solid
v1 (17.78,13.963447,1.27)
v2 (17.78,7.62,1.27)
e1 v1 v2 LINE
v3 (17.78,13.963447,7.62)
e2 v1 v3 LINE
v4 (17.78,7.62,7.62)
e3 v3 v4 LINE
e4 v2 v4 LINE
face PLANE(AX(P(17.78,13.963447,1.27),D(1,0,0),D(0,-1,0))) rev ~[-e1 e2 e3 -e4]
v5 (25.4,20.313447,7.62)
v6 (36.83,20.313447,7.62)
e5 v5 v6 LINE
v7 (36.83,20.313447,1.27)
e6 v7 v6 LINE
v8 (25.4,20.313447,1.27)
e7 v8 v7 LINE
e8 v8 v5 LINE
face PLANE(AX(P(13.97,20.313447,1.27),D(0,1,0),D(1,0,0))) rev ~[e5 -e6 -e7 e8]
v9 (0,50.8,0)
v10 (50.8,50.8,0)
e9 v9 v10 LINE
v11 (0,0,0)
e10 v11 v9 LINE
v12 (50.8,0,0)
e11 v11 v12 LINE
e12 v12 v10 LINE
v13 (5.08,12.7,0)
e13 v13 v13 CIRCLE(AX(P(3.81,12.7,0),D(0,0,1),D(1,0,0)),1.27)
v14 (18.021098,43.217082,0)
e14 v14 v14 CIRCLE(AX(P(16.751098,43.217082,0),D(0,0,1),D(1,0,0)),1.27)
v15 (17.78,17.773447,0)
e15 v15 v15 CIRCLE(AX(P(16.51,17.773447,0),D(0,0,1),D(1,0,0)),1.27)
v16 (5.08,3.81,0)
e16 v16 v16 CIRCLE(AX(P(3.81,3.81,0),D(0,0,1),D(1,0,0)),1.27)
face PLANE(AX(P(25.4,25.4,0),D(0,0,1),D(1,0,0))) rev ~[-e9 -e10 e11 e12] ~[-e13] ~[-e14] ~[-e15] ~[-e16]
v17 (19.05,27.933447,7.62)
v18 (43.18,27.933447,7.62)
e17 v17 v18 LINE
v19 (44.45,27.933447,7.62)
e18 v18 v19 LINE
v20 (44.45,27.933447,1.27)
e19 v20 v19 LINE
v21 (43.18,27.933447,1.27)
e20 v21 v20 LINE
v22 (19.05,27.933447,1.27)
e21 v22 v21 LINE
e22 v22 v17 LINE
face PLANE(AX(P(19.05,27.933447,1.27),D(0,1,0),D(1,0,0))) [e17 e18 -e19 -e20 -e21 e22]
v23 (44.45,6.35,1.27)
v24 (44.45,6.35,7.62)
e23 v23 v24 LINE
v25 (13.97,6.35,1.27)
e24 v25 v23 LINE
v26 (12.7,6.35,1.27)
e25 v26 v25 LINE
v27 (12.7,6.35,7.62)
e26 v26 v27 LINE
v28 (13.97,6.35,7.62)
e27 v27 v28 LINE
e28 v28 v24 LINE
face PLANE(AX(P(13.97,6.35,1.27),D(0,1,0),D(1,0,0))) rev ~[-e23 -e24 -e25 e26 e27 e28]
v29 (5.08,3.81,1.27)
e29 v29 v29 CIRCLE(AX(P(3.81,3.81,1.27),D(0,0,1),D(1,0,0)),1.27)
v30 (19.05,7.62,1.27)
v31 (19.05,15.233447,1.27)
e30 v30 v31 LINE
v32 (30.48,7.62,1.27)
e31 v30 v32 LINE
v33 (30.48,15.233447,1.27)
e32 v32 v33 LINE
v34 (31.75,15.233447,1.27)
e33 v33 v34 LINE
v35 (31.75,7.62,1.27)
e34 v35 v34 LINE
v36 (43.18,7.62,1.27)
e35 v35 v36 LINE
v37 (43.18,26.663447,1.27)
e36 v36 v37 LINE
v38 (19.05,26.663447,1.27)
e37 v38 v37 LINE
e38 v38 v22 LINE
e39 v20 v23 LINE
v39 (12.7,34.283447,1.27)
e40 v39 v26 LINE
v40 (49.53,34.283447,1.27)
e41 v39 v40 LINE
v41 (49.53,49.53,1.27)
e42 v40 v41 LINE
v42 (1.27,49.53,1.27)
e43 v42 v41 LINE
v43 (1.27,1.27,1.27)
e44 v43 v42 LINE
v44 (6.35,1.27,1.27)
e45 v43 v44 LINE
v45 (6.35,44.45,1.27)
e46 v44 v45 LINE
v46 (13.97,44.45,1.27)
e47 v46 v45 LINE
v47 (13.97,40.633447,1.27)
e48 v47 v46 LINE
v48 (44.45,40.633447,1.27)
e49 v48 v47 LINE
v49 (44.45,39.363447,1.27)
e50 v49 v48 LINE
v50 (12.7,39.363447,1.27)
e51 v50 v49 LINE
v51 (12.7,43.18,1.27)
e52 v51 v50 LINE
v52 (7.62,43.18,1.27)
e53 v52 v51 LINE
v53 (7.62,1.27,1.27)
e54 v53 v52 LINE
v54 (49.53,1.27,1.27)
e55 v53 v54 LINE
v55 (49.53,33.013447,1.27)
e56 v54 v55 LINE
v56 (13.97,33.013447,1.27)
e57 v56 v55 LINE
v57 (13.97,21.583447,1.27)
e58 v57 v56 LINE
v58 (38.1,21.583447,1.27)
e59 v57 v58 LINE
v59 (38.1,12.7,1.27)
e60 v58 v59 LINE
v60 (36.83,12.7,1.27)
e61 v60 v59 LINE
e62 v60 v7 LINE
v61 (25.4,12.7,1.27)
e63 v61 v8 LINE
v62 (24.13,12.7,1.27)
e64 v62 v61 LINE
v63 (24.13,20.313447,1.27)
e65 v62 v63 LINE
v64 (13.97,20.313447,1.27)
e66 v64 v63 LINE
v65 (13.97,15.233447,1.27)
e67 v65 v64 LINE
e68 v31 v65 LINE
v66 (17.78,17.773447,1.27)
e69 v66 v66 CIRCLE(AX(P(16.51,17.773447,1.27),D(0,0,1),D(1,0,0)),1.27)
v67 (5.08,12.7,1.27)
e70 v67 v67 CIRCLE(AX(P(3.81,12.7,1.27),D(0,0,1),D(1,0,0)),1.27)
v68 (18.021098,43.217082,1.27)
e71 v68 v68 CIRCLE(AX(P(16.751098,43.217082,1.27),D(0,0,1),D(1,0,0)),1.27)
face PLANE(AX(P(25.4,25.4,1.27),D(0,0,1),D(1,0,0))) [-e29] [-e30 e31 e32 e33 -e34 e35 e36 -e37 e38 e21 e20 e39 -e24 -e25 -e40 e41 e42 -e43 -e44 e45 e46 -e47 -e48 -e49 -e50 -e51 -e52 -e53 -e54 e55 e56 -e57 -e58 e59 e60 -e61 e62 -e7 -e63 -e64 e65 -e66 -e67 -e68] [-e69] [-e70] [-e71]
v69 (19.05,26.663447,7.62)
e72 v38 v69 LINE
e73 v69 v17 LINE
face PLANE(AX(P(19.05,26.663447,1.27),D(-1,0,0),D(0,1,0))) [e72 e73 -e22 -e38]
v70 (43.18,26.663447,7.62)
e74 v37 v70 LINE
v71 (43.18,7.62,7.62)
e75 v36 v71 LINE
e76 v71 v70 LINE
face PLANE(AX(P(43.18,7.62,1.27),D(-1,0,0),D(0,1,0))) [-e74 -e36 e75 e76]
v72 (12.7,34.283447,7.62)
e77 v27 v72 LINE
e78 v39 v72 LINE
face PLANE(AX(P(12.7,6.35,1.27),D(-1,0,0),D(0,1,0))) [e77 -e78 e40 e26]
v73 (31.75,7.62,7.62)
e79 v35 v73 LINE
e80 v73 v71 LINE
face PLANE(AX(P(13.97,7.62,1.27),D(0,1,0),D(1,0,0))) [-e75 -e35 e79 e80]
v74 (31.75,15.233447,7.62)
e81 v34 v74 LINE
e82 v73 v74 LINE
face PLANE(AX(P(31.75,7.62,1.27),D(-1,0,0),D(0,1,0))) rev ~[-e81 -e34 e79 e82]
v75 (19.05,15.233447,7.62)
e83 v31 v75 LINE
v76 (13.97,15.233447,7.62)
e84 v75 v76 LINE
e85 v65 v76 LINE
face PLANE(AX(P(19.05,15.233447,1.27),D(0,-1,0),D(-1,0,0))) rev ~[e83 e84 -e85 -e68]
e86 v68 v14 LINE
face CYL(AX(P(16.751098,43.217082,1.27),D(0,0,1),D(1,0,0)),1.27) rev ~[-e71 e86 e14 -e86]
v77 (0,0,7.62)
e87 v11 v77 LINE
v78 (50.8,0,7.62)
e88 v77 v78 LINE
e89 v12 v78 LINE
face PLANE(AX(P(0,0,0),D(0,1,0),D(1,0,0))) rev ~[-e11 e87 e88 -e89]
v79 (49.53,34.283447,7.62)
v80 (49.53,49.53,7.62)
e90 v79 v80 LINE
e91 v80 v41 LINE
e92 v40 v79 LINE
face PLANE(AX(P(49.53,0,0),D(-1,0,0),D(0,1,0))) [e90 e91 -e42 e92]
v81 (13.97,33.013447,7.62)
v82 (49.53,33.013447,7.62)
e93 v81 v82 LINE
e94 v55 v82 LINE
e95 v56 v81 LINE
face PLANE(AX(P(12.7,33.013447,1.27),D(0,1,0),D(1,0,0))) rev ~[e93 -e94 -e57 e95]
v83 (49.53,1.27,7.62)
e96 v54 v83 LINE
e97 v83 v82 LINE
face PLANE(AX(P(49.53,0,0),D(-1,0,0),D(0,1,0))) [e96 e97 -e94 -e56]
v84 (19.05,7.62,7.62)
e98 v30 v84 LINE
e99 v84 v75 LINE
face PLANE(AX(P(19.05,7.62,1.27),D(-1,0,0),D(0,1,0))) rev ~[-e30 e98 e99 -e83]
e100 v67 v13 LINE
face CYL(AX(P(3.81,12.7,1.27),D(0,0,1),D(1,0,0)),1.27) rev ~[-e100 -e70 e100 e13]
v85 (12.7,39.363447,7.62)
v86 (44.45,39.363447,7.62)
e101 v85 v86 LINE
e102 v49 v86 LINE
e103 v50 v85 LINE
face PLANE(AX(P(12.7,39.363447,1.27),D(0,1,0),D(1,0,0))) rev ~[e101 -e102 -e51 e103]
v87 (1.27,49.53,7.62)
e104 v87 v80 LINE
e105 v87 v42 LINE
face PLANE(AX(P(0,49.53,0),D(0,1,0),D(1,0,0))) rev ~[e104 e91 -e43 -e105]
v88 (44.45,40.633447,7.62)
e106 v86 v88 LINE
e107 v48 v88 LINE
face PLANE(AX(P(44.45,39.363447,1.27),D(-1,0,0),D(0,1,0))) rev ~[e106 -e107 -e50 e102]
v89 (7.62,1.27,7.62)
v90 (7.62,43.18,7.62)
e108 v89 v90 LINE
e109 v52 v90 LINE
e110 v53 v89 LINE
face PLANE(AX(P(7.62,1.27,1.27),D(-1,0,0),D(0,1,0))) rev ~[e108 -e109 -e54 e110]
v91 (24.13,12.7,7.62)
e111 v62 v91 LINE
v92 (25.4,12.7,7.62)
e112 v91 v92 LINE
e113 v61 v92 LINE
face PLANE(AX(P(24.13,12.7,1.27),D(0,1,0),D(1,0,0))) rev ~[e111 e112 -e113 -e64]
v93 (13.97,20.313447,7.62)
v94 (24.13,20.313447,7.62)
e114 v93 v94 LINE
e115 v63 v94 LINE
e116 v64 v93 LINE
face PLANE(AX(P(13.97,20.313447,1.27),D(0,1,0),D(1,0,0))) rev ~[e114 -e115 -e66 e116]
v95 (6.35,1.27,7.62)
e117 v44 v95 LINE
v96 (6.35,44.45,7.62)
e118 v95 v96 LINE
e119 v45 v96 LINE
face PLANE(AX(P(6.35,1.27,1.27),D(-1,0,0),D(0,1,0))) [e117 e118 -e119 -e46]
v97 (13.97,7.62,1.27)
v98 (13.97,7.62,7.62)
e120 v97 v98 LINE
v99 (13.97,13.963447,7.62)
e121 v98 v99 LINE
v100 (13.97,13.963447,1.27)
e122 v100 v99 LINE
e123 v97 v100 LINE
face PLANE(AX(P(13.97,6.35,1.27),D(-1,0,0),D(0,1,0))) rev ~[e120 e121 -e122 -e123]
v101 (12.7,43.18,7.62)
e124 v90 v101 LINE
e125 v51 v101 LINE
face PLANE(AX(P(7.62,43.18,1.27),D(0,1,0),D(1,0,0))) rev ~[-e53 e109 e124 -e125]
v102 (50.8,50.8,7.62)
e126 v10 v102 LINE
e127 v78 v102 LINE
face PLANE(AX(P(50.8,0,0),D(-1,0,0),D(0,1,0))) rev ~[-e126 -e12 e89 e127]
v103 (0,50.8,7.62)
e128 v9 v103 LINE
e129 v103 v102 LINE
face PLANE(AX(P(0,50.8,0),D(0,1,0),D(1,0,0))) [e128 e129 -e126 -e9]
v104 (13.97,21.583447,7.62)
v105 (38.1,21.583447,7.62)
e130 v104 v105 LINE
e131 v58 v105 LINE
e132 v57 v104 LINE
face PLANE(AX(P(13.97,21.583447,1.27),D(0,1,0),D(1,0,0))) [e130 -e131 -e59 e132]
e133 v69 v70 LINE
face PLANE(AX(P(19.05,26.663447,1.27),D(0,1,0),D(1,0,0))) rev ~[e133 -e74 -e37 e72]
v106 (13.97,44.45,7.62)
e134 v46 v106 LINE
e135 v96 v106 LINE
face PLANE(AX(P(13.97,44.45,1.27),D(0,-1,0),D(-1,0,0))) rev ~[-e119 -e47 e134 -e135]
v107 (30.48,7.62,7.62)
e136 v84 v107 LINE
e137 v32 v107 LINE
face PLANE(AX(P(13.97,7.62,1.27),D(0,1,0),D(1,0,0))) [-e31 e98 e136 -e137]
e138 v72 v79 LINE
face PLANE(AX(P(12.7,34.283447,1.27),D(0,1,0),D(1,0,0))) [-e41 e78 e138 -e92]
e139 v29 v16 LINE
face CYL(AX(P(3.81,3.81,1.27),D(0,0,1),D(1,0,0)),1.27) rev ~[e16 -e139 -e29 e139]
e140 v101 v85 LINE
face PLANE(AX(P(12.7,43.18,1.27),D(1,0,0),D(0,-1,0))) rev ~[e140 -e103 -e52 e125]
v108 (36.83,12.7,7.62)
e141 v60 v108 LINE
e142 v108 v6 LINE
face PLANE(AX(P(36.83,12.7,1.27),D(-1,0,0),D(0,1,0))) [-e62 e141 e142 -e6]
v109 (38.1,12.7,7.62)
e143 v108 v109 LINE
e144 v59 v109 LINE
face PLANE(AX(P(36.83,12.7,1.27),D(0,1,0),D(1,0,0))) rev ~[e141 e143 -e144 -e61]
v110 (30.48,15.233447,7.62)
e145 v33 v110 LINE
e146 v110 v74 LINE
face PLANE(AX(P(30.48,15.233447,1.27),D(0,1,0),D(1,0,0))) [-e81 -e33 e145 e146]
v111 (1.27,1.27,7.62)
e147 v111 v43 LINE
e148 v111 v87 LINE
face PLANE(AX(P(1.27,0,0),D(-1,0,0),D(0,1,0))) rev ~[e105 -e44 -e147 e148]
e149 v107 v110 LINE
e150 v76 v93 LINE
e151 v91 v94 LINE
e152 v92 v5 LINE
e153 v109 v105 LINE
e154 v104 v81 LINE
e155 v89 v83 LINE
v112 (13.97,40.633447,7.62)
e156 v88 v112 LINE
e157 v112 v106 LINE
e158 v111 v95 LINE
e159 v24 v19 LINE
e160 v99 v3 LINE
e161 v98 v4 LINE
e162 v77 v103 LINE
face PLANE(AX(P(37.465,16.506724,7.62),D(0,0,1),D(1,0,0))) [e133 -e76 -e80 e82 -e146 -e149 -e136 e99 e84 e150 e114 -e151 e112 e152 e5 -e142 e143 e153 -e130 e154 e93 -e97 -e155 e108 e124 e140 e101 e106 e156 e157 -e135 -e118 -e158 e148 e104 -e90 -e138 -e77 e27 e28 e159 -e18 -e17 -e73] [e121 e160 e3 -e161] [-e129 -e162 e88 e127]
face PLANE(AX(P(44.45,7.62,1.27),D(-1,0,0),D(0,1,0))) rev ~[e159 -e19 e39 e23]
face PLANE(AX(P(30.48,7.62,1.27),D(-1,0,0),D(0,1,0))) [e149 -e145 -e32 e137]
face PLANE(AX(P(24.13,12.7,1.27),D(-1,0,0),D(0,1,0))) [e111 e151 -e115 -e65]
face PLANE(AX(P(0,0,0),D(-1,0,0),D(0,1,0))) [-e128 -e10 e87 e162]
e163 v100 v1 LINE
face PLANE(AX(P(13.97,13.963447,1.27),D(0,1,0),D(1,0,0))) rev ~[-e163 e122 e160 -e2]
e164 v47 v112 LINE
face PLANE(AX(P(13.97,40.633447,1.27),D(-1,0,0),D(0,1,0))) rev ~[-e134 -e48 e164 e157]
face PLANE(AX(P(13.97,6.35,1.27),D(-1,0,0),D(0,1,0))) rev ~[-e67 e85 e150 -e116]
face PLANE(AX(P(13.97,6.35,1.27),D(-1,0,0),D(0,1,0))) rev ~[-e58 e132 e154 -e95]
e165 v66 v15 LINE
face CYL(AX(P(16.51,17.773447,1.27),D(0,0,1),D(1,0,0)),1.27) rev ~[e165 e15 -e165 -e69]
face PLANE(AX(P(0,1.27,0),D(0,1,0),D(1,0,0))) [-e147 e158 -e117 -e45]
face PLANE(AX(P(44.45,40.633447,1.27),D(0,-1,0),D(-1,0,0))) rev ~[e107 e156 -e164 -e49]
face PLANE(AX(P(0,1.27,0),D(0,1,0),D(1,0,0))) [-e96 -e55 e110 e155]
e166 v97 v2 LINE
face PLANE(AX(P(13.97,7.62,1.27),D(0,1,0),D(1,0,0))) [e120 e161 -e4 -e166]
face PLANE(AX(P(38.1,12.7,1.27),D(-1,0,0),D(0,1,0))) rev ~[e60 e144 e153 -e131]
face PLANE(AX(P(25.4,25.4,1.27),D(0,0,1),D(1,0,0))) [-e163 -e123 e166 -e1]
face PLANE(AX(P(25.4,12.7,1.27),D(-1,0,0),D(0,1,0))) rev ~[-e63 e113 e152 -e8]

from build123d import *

# Parameters (mm, degrees)
F0_W      = 50.8
F0_H      = 50.8
F1_DEPTH  = 7.62
F2_T      = -1.27
F3_W      = 1.27
F3_H      = 43.18
F4_DEPTH  = 6.35
F5_R      = 1.27
F6_DEPTH  = 25.4
F8_DEPTH  = 6.35
F9_W      = 36.83
F9_H      = 1.27
F10_DEPTH = 6.35
F11_W     = 1.27
F11_H     = 26.6634474313
F12_DEPTH = 6.35
F13_W     = 30.48
F13_H     = 1.27
F14_DEPTH = 6.35
F15_W     = 1.27
F15_H     = 20.3134474313
F16_DEPTH = 6.35
F17_W     = 24.13
F17_H     = 1.27
F18_DEPTH = 6.35
F19_W     = 24.13
F19_H     = 1.27
F20_DEPTH = 6.35
F21_W     = 1.27
F21_H     = 7.6134474313
F22_DEPTH = 6.35
F23_W     = 1.27
F23_H     = 7.6134474313
F24_DEPTH = 6.35
F25_W     = 1.27
F25_H     = 7.6134474313
F26_DEPTH = 6.35
F27_W     = 3.81
F27_H     = 1.27
F28_DEPTH = 6.35
F29_R     = 1.27
F30_DEPTH = 25.4
F31_R     = 1.27
F32_DEPTH = 25.4
F33_R     = 1.27
F34_DEPTH = 25.4


with BuildPart() as f1:
    # F0 (on Top) → F1 (new body)
    with BuildSketch(Plane.XY):
        with Locations((25.4, 25.4)):
            Rectangle(F0_W, F0_H)
    extrude(amount=F1_DEPTH)

    # F2
    f2_openings = [f1.faces().sort_by_distance(p)[0] for p in [
        (25.4, 25.4, 7.62),
    ]]
    offset(amount=F2_T, openings=f2_openings)

    # F3 (on face) → F4 (join)
    with BuildSketch(Plane.XY.offset(1.27)):
        with Locations((6.985, 22.86)):
            Rectangle(F3_W, F3_H)
    extrude(amount=F4_DEPTH)

    # F5 (on face) → F6 (cut)
    with BuildSketch(Plane.XY.offset(1.27)):
        with Locations((3.81, 3.81)):
            Circle(F5_R)
    extrude(amount=-F6_DEPTH, mode=Mode.SUBTRACT)

    # F7 (on face) → F8 (join)
    with BuildSketch(Plane.XY.offset(1.27)):
        Polygon((13.97, 44.45), (7.62, 44.45), (7.62, 43.18), (12.7, 43.18), (12.7, 39.3634474313), (44.45, 39.3634474313), (44.45, 40.6334474313), (13.97, 40.6334474313), align=None)
    extrude(amount=F8_DEPTH)

    # F9 (on face) → F10 (join)
    with BuildSketch(Plane.XY.offset(1.27)):
        with Locations((31.115, 33.6484474313)):
            Rectangle(F9_W, F9_H)
    extrude(amount=F10_DEPTH)

    # F11 (on face) → F12 (join)
    with BuildSketch(Plane.XY.offset(1.27)):
        with Locations((13.335, 19.6817237157)):
            Rectangle(F11_W, F11_H)
    extrude(amount=F12_DEPTH)

    # F13 (on face) → F14 (join)
    with BuildSketch(Plane.XY.offset(1.27)):
        with Locations((29.21, 6.985)):
            Rectangle(F13_W, F13_H)
    extrude(amount=F14_DEPTH)

    # F15 (on face) → F16 (join)
    with BuildSketch(Plane.XY.offset(1.27)):
        with Locations((43.815, 17.7767237157)):
            Rectangle(F15_W, F15_H)
    extrude(amount=F16_DEPTH)

    # F17 (on face) → F18 (join)
    with BuildSketch(Plane.XY.offset(1.27)):
        with Locations((31.115, 27.2984474313)):
            Rectangle(F17_W, F17_H)
    extrude(amount=F18_DEPTH)

    # F19 (on face) → F20 (join)
    with BuildSketch(Plane.XY.offset(1.27)):
        with Locations((26.035, 20.9484474313)):
            Rectangle(F19_W, F19_H)
    extrude(amount=F20_DEPTH)

    # F21 (on face) → F22 (join)
    with BuildSketch(Plane.XY.offset(1.27)):
        with Locations((37.465, 16.5067237157)):
            Rectangle(F21_W, F21_H)
    extrude(amount=F22_DEPTH)

    # F23 (on face) → F24 (join)
    with BuildSketch(Plane.XY.offset(1.27)):
        with Locations((31.115, 11.4267237157)):
            Rectangle(F23_W, F23_H)
    extrude(amount=F24_DEPTH)

    # F25 (on face) → F26 (join)
    with BuildSketch(Plane.XY.offset(1.27)):
        with Locations((24.765, 16.5067237157)):
            Rectangle(F25_W, F25_H)
    extrude(amount=F26_DEPTH)

    # F27 (on face) → F28 (join)
    with BuildSketch(Plane.XY.offset(1.27)):
        Polygon((17.78, 7.62), (19.05, 7.62), (19.05, 15.2334474313), (17.78, 15.2334474313), (17.78, 13.9634474313), align=None)
        with Locations((15.875, 14.5984474313)):
            Rectangle(F27_W, F27_H)
    extrude(amount=F28_DEPTH)

    # F29 (on face) → F30 (cut)
    with BuildSketch(Plane.XY.offset(1.27)):
        with Locations((16.51, 17.7734474313)):
            Circle(F29_R)
    extrude(amount=-F30_DEPTH, mode=Mode.SUBTRACT)

    # F31 (on face) → F32 (cut)
    with BuildSketch(Plane.XY.offset(1.27)):
        with Locations((3.81, 12.7)):
            Circle(F31_R)
    extrude(amount=-F32_DEPTH, mode=Mode.SUBTRACT)

    # F33 (on face) → F34 (cut)
    with BuildSketch(Plane.XY.offset(1.27)):
        with Locations((16.7510975152, 43.2170815766)):
            Circle(F33_R)
    extrude(amount=-F34_DEPTH, mode=Mode.SUBTRACT)


solid = f1.part
